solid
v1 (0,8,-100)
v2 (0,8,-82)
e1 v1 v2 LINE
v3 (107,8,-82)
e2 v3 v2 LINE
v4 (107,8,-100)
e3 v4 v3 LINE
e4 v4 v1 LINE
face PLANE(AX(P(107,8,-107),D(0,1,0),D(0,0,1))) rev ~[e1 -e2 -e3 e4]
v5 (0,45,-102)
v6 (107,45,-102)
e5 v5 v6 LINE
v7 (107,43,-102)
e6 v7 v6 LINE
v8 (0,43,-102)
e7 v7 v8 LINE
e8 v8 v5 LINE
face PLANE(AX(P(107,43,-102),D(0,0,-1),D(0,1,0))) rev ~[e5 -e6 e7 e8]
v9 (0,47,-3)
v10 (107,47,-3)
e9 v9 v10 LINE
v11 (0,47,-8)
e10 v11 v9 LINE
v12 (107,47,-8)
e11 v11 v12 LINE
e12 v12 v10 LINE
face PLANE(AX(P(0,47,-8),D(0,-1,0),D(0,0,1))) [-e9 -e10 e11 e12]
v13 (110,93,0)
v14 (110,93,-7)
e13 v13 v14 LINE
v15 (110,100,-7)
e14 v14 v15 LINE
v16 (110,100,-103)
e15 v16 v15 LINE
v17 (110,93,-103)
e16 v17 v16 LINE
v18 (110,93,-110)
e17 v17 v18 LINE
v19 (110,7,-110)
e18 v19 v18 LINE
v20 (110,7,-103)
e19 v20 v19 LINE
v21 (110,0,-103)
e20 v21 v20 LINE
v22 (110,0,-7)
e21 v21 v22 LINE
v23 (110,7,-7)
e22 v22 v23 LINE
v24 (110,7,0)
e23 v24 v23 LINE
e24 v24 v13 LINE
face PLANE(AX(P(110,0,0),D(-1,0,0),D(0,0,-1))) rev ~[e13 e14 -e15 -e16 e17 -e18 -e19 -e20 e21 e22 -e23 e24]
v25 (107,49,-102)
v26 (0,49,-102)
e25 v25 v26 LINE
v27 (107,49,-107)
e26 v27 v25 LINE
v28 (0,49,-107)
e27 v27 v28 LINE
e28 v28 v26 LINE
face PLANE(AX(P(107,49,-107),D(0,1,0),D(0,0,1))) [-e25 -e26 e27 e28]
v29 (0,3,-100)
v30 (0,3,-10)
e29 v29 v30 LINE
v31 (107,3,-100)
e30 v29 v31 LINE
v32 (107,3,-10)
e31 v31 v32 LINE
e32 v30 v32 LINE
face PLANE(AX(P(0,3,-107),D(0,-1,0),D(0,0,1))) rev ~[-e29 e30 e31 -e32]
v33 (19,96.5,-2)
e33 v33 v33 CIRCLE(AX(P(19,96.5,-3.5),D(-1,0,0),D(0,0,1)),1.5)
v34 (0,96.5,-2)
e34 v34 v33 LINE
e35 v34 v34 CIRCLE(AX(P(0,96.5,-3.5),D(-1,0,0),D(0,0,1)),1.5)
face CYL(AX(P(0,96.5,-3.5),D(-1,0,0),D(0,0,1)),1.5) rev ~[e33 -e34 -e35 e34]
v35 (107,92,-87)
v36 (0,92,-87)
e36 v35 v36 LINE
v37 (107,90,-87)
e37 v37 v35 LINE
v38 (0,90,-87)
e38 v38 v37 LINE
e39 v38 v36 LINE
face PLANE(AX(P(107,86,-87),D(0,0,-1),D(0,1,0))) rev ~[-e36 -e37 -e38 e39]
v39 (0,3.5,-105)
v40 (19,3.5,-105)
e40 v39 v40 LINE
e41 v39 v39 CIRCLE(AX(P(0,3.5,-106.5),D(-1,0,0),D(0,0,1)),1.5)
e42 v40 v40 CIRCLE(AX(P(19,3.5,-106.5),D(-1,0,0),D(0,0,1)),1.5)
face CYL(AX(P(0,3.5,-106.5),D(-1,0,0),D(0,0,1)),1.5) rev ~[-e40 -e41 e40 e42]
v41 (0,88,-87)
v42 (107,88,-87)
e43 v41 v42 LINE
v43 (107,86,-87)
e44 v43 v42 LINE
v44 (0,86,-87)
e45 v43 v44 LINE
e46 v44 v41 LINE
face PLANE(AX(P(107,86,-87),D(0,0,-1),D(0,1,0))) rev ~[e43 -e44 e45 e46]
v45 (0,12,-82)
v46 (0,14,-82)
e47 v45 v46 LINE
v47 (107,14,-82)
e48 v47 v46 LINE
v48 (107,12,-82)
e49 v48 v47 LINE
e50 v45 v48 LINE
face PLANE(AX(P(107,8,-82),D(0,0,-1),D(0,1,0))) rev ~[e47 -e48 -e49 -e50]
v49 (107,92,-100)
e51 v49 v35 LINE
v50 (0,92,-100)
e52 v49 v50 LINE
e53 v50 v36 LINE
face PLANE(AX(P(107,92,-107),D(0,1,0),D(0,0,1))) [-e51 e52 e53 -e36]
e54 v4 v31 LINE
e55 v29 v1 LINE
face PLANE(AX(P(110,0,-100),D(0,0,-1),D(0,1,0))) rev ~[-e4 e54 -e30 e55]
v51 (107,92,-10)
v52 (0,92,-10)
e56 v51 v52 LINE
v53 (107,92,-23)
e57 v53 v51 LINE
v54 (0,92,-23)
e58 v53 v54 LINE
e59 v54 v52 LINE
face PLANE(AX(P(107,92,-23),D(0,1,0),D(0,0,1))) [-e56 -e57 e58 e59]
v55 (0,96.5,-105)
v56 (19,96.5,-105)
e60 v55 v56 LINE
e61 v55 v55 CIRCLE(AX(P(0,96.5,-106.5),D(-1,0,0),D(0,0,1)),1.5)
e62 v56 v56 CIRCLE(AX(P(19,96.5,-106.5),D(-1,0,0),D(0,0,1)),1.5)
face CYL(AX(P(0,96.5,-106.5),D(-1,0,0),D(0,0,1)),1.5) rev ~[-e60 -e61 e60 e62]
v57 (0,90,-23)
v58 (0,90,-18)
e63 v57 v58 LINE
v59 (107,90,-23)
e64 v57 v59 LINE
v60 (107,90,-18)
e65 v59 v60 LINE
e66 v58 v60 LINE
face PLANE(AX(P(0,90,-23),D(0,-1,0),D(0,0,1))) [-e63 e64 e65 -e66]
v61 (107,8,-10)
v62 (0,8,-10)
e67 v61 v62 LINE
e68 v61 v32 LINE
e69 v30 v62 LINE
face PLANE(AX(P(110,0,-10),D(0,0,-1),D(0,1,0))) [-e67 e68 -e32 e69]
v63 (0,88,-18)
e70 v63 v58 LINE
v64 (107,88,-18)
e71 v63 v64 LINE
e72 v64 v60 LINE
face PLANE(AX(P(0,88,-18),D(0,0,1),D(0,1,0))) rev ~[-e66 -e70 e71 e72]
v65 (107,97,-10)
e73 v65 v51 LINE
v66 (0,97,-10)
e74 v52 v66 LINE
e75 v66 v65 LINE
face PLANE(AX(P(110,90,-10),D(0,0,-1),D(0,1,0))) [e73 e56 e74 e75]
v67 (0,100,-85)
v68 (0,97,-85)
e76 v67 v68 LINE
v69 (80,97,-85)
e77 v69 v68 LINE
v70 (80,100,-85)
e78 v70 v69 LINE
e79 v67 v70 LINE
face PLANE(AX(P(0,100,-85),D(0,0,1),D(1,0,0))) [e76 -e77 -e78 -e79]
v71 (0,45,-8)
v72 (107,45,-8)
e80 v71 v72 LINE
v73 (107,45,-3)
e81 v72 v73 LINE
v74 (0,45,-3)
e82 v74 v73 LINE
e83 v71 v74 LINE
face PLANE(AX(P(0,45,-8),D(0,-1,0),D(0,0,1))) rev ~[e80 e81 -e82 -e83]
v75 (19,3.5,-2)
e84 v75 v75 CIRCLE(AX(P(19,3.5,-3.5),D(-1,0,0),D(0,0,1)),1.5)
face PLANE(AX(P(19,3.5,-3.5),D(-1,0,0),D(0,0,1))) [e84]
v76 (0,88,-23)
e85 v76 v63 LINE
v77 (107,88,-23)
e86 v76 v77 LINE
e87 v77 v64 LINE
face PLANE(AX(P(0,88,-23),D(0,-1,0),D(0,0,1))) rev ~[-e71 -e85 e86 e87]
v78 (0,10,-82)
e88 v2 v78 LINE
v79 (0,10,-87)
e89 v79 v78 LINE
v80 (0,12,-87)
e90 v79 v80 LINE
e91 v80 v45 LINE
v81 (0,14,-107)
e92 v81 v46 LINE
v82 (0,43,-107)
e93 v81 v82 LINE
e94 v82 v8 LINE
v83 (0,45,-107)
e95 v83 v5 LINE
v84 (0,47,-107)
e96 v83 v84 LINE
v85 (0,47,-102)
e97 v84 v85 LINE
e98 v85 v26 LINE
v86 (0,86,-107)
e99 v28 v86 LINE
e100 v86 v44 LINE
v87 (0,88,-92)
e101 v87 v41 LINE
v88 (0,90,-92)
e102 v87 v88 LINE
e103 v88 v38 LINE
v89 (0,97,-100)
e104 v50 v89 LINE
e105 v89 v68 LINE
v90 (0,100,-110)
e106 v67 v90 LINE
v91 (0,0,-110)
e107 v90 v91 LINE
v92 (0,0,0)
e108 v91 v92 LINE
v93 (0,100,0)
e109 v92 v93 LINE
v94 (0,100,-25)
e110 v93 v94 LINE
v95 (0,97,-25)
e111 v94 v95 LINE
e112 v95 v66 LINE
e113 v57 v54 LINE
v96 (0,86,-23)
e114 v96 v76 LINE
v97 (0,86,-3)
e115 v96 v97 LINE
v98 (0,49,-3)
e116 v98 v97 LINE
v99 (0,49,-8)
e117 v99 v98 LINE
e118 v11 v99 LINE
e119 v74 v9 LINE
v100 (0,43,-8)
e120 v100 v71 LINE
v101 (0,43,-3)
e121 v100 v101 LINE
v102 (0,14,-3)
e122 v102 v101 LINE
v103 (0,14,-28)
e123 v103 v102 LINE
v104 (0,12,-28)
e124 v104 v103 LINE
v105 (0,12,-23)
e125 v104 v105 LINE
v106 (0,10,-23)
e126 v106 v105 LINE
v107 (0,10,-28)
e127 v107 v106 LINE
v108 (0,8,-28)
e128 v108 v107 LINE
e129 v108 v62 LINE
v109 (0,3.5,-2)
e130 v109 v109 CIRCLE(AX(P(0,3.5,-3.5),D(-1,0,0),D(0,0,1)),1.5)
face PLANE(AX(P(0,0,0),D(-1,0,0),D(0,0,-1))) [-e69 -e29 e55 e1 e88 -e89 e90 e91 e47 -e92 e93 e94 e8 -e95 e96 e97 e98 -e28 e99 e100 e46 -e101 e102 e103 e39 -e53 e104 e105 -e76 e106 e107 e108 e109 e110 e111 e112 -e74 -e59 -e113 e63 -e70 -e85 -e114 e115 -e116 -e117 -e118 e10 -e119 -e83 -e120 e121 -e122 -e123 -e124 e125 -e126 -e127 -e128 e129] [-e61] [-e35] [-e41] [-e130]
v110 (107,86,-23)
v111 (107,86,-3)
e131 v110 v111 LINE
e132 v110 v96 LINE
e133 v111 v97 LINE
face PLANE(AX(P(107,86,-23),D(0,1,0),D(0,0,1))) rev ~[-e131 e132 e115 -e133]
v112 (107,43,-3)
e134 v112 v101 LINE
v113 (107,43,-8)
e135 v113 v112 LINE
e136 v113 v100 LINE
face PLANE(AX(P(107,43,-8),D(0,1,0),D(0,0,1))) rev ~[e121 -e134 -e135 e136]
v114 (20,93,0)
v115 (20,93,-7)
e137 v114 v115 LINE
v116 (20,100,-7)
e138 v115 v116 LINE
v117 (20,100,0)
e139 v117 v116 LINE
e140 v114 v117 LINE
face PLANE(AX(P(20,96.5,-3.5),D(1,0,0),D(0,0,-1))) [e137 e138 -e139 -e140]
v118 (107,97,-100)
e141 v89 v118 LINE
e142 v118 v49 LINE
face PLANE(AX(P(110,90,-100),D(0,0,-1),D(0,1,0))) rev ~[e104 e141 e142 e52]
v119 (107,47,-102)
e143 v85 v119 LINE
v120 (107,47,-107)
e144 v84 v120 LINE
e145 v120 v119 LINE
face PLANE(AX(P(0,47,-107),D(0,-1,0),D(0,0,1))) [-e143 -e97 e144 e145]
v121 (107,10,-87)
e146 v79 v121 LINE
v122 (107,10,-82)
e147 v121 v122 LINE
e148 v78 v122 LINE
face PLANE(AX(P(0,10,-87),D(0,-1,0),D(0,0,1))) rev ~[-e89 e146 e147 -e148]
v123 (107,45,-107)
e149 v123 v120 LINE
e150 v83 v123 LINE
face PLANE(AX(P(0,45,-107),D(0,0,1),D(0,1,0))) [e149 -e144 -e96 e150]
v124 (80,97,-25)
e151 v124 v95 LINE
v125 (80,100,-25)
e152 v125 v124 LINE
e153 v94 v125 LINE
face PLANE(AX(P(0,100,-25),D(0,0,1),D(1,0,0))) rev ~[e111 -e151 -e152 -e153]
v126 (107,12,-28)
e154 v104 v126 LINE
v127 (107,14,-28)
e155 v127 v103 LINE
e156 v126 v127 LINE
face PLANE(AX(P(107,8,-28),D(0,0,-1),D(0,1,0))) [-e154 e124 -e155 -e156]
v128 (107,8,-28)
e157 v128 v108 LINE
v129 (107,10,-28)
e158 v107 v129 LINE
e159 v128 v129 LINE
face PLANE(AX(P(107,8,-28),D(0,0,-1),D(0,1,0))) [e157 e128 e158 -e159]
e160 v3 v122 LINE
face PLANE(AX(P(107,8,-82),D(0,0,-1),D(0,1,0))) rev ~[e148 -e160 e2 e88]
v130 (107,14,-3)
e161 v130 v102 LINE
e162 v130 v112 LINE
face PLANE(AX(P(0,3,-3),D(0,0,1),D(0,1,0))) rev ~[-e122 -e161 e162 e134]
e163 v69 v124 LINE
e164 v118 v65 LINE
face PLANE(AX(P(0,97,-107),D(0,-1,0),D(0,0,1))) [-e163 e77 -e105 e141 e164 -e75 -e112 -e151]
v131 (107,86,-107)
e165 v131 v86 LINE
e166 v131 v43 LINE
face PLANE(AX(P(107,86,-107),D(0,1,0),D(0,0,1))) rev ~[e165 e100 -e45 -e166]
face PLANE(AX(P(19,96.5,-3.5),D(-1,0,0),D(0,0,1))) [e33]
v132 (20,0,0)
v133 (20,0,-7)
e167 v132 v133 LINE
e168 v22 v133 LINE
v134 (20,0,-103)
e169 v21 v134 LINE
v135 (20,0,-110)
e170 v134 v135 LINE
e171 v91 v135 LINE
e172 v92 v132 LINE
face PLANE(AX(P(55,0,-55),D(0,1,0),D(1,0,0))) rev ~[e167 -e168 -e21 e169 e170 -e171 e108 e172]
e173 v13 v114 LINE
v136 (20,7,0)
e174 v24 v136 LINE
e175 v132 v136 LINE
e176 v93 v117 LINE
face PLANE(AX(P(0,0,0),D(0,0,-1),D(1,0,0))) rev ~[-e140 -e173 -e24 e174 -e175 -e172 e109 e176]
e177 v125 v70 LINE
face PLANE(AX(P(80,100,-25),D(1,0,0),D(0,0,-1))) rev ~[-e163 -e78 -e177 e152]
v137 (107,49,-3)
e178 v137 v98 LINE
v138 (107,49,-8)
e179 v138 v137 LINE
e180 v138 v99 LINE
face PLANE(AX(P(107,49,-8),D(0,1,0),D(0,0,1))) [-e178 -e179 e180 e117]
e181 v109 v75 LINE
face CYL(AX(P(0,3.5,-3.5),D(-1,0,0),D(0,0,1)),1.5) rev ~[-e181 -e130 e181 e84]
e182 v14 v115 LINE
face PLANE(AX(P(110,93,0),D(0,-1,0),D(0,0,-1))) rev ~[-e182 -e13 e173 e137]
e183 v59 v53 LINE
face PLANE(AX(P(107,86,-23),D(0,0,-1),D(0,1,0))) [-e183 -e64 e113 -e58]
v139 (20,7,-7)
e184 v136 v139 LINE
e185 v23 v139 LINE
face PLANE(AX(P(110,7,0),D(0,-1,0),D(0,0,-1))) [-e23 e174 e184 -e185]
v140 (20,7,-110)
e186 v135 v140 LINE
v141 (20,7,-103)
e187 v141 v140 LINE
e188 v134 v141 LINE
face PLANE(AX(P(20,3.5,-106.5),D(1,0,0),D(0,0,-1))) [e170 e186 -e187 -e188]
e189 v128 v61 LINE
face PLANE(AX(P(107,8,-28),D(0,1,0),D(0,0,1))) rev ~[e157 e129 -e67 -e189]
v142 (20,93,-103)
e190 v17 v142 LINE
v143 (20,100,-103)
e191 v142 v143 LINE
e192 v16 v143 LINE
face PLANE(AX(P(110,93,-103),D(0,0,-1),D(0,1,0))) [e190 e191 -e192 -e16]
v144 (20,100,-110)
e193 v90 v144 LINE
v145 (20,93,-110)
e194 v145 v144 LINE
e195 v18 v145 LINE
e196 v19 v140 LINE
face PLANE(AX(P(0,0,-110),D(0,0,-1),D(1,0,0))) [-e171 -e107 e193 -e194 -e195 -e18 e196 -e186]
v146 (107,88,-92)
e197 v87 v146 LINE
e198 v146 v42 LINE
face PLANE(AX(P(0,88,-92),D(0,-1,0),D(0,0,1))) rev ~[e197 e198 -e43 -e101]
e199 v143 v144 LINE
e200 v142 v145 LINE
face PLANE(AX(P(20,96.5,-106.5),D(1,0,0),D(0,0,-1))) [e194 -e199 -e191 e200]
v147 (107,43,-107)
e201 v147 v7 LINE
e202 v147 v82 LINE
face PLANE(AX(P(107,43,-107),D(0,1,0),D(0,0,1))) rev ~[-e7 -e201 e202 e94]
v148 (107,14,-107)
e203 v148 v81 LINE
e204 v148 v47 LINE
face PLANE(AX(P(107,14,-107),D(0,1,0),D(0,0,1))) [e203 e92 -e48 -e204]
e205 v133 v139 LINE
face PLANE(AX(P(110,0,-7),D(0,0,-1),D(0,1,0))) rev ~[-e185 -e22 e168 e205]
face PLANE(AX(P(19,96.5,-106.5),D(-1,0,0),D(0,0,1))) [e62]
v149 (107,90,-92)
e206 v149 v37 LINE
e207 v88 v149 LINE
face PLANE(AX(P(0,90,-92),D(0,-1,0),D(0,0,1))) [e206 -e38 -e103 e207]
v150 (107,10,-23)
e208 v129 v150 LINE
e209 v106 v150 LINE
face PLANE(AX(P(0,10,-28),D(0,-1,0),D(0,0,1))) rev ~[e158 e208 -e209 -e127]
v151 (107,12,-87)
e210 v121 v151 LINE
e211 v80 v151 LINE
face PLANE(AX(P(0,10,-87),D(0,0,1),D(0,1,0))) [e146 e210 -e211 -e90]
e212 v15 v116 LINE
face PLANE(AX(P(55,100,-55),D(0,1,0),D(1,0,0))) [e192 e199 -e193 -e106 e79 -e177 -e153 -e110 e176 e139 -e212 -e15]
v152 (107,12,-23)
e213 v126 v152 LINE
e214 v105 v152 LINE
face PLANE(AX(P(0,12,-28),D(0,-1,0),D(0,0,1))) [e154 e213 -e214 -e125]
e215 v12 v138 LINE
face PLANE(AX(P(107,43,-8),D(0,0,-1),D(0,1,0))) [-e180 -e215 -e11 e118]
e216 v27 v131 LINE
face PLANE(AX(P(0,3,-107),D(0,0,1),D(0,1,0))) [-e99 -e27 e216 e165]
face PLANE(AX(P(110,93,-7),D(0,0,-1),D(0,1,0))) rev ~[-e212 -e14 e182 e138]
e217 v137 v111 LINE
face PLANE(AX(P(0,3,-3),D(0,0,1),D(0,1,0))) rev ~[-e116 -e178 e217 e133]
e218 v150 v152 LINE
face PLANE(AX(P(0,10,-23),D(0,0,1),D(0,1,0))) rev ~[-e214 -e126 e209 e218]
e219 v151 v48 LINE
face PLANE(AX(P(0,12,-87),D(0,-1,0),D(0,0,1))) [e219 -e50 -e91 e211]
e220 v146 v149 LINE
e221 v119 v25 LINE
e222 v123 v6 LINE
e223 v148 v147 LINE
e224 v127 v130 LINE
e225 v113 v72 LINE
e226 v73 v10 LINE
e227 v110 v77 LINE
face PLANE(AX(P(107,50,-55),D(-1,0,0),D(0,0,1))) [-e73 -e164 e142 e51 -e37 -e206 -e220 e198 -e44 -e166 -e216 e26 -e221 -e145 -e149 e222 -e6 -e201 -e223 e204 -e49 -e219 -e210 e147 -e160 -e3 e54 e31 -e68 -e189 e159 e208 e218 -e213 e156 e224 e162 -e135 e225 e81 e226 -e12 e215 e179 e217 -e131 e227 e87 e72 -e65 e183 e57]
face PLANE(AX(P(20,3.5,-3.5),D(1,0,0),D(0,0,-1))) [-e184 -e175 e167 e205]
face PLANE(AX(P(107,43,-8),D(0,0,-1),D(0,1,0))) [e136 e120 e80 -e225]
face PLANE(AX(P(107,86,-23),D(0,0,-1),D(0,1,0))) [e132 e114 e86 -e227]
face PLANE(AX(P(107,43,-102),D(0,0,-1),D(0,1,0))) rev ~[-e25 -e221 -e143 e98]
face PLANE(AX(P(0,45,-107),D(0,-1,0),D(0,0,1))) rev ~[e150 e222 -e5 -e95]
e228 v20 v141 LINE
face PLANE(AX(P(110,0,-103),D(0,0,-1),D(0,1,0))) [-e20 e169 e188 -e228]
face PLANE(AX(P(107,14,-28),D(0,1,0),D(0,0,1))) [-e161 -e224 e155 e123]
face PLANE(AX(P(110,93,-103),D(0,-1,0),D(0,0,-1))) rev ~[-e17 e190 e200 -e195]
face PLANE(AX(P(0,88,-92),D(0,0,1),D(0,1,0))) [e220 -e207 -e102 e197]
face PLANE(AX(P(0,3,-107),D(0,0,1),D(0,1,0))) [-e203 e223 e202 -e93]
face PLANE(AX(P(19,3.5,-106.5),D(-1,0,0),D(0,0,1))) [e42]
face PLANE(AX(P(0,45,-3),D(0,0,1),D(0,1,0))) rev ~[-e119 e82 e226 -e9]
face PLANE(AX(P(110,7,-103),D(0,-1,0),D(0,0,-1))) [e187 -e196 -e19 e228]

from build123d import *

# Parameters (mm, degrees)
SKETCH2_W           = 110
SKETCH2_H           = 110
BOSS_EXTRUDE1_DEPTH = 100
SKETCH3_W           = 104
SKETCH3_H           = 94
CUT_EXTRUDE1_DEPTH  = 107
SKETCH4_W           = 80
SKETCH4_H           = 60
CUT_EXTRUDE2_DEPTH  = 10
SKETCH5_W           = 20
SKETCH5_H           = 6
BOSS_EXTRUDE2_DEPTH = 107
SKETCH6_W           = 5
SKETCH6_H           = 2
CUT_EXTRUDE3_DEPTH  = 107
SKETCH7_W           = 25
SKETCH7_H           = 6
SKETCH7_W_2         = 5
BOSS_EXTRUDE3_DEPTH = 107
SKETCH8_W           = 5
SKETCH8_H           = 2
CUT_EXTRUDE4_DEPTH  = 107
SKETCH9_W           = 10
SKETCH9_H           = 10
BOSS_EXTRUDE4_DEPTH = 110
SKETCH11_W          = 7
SKETCH11_H          = 7
CUT_EXTRUDE5_DEPTH  = 90
SKETCH13_R          = 1.5
CUT_EXTRUDE6_DEPTH  = 19


with BuildPart() as part:
    # Sketch2 → Boss-Extrude1 (new body)
    with BuildSketch(Plane(origin=(0, 0, 0), x_dir=(1, 0, 0), z_dir=(0, 1, 0))):
        with Locations((55, 55)):
            Rectangle(SKETCH2_W, SKETCH2_H)
    extrude(amount=BOSS_EXTRUDE1_DEPTH)

    # Sketch3 → Cut-Extrude1 (cut)
    with BuildSketch(Plane.ZY):
        with Locations((-55, 50)):
            Rectangle(SKETCH3_W, SKETCH3_H)
    extrude(amount=-CUT_EXTRUDE1_DEPTH, mode=Mode.SUBTRACT)

    # Sketch4 → Cut-Extrude2 (cut)
    with BuildSketch(Plane(origin=(0, 100, 0), x_dir=(1, 0, 0), z_dir=(0, 1, 0))):
        with Locations((40, 55)):
            Rectangle(SKETCH4_W, SKETCH4_H)
    extrude(amount=-CUT_EXTRUDE2_DEPTH, mode=Mode.SUBTRACT)

    # Sketch5 → Boss-Extrude2 (add)
    with BuildSketch(Plane.ZY.offset(-107)):
        with Locations((-97, 89)):
            Rectangle(SKETCH5_W, SKETCH5_H)
        with Locations((-13, 89)):
            Rectangle(SKETCH5_W, SKETCH5_H)
    extrude(amount=BOSS_EXTRUDE2_DEPTH)

    # Sketch6 → Cut-Extrude3 (cut)
    with BuildSketch(Plane.ZY):
        with Locations((-89.5, 89)):
            Rectangle(SKETCH6_W, SKETCH6_H)
        with Locations((-20.5, 89)):
            Rectangle(SKETCH6_W, SKETCH6_H)
    extrude(amount=-CUT_EXTRUDE3_DEPTH, mode=Mode.SUBTRACT)

    # Sketch7 → Boss-Extrude3 (add)
    with BuildSketch(Plane.ZY.offset(-107)):
        with Locations((-94.5, 11)):
            Rectangle(SKETCH7_W, SKETCH7_H)
        with Locations((-15.5, 11)):
            Rectangle(SKETCH7_W, SKETCH7_H)
        with Locations((-104.5, 46)):
            Rectangle(SKETCH7_W_2, SKETCH7_H)
        with Locations((-5.5, 46)):
            Rectangle(SKETCH7_W_2, SKETCH7_H)
    extrude(amount=BOSS_EXTRUDE3_DEPTH)

    # Sketch8 → Cut-Extrude4 (cut)
    with BuildSketch(Plane.ZY):
        with Locations((-5.5, 46)):
            Rectangle(SKETCH8_W, SKETCH8_H)
        with Locations((-84.5, 11)):
            Rectangle(SKETCH8_W, SKETCH8_H)
        with Locations((-25.5, 11)):
            Rectangle(SKETCH8_W, SKETCH8_H)
        with Locations((-104.5, 46)):
            Rectangle(SKETCH8_W, SKETCH8_H)
    extrude(amount=-CUT_EXTRUDE4_DEPTH, mode=Mode.SUBTRACT)

    # Sketch9 → Boss-Extrude4 (add)
    with BuildSketch(Plane(origin=(110, 0, 0), x_dir=(0, 0, -1), z_dir=(1, 0, 0))):
        with Locations((5, 5)):
            Rectangle(SKETCH9_W, SKETCH9_H)
        with Locations((105, 5)):
            Rectangle(SKETCH9_W, SKETCH9_H)
        with Locations((105, 95)):
            Rectangle(SKETCH9_W, SKETCH9_H)
        with Locations((5, 95)):
            Rectangle(SKETCH9_W, SKETCH9_H)
    extrude(amount=-BOSS_EXTRUDE4_DEPTH)

    # Sketch11 → Cut-Extrude5 (cut)
    with BuildSketch(Plane(origin=(110, 0, 0), x_dir=(0, 0, -1), z_dir=(1, 0, 0))):
        with Locations((3.5, 96.5)):
            Rectangle(SKETCH11_W, SKETCH11_H)
        with Locations((106.5, 96.5)):
            Rectangle(SKETCH11_W, SKETCH11_H)
        with Locations((3.5, 3.5)):
            Rectangle(SKETCH11_W, SKETCH11_H)
        with Locations((106.5, 3.5)):
            Rectangle(SKETCH11_W, SKETCH11_H)
    extrude(amount=-CUT_EXTRUDE5_DEPTH, mode=Mode.SUBTRACT)

    # Sketch13 → Cut-Extrude6 (cut)
    with BuildSketch(Plane.ZY):
        with Locations((-106.5, 3.5)):
            Circle(SKETCH13_R)
        with Locations((-3.5, 96.5)):
            Circle(SKETCH13_R)
        with Locations((-106.5, 96.5)):
            Circle(SKETCH13_R)
        with Locations((-3.5, 3.5)):
            Circle(SKETCH13_R)
    extrude(amount=-CUT_EXTRUDE6_DEPTH, mode=Mode.SUBTRACT)


solid = part.part
